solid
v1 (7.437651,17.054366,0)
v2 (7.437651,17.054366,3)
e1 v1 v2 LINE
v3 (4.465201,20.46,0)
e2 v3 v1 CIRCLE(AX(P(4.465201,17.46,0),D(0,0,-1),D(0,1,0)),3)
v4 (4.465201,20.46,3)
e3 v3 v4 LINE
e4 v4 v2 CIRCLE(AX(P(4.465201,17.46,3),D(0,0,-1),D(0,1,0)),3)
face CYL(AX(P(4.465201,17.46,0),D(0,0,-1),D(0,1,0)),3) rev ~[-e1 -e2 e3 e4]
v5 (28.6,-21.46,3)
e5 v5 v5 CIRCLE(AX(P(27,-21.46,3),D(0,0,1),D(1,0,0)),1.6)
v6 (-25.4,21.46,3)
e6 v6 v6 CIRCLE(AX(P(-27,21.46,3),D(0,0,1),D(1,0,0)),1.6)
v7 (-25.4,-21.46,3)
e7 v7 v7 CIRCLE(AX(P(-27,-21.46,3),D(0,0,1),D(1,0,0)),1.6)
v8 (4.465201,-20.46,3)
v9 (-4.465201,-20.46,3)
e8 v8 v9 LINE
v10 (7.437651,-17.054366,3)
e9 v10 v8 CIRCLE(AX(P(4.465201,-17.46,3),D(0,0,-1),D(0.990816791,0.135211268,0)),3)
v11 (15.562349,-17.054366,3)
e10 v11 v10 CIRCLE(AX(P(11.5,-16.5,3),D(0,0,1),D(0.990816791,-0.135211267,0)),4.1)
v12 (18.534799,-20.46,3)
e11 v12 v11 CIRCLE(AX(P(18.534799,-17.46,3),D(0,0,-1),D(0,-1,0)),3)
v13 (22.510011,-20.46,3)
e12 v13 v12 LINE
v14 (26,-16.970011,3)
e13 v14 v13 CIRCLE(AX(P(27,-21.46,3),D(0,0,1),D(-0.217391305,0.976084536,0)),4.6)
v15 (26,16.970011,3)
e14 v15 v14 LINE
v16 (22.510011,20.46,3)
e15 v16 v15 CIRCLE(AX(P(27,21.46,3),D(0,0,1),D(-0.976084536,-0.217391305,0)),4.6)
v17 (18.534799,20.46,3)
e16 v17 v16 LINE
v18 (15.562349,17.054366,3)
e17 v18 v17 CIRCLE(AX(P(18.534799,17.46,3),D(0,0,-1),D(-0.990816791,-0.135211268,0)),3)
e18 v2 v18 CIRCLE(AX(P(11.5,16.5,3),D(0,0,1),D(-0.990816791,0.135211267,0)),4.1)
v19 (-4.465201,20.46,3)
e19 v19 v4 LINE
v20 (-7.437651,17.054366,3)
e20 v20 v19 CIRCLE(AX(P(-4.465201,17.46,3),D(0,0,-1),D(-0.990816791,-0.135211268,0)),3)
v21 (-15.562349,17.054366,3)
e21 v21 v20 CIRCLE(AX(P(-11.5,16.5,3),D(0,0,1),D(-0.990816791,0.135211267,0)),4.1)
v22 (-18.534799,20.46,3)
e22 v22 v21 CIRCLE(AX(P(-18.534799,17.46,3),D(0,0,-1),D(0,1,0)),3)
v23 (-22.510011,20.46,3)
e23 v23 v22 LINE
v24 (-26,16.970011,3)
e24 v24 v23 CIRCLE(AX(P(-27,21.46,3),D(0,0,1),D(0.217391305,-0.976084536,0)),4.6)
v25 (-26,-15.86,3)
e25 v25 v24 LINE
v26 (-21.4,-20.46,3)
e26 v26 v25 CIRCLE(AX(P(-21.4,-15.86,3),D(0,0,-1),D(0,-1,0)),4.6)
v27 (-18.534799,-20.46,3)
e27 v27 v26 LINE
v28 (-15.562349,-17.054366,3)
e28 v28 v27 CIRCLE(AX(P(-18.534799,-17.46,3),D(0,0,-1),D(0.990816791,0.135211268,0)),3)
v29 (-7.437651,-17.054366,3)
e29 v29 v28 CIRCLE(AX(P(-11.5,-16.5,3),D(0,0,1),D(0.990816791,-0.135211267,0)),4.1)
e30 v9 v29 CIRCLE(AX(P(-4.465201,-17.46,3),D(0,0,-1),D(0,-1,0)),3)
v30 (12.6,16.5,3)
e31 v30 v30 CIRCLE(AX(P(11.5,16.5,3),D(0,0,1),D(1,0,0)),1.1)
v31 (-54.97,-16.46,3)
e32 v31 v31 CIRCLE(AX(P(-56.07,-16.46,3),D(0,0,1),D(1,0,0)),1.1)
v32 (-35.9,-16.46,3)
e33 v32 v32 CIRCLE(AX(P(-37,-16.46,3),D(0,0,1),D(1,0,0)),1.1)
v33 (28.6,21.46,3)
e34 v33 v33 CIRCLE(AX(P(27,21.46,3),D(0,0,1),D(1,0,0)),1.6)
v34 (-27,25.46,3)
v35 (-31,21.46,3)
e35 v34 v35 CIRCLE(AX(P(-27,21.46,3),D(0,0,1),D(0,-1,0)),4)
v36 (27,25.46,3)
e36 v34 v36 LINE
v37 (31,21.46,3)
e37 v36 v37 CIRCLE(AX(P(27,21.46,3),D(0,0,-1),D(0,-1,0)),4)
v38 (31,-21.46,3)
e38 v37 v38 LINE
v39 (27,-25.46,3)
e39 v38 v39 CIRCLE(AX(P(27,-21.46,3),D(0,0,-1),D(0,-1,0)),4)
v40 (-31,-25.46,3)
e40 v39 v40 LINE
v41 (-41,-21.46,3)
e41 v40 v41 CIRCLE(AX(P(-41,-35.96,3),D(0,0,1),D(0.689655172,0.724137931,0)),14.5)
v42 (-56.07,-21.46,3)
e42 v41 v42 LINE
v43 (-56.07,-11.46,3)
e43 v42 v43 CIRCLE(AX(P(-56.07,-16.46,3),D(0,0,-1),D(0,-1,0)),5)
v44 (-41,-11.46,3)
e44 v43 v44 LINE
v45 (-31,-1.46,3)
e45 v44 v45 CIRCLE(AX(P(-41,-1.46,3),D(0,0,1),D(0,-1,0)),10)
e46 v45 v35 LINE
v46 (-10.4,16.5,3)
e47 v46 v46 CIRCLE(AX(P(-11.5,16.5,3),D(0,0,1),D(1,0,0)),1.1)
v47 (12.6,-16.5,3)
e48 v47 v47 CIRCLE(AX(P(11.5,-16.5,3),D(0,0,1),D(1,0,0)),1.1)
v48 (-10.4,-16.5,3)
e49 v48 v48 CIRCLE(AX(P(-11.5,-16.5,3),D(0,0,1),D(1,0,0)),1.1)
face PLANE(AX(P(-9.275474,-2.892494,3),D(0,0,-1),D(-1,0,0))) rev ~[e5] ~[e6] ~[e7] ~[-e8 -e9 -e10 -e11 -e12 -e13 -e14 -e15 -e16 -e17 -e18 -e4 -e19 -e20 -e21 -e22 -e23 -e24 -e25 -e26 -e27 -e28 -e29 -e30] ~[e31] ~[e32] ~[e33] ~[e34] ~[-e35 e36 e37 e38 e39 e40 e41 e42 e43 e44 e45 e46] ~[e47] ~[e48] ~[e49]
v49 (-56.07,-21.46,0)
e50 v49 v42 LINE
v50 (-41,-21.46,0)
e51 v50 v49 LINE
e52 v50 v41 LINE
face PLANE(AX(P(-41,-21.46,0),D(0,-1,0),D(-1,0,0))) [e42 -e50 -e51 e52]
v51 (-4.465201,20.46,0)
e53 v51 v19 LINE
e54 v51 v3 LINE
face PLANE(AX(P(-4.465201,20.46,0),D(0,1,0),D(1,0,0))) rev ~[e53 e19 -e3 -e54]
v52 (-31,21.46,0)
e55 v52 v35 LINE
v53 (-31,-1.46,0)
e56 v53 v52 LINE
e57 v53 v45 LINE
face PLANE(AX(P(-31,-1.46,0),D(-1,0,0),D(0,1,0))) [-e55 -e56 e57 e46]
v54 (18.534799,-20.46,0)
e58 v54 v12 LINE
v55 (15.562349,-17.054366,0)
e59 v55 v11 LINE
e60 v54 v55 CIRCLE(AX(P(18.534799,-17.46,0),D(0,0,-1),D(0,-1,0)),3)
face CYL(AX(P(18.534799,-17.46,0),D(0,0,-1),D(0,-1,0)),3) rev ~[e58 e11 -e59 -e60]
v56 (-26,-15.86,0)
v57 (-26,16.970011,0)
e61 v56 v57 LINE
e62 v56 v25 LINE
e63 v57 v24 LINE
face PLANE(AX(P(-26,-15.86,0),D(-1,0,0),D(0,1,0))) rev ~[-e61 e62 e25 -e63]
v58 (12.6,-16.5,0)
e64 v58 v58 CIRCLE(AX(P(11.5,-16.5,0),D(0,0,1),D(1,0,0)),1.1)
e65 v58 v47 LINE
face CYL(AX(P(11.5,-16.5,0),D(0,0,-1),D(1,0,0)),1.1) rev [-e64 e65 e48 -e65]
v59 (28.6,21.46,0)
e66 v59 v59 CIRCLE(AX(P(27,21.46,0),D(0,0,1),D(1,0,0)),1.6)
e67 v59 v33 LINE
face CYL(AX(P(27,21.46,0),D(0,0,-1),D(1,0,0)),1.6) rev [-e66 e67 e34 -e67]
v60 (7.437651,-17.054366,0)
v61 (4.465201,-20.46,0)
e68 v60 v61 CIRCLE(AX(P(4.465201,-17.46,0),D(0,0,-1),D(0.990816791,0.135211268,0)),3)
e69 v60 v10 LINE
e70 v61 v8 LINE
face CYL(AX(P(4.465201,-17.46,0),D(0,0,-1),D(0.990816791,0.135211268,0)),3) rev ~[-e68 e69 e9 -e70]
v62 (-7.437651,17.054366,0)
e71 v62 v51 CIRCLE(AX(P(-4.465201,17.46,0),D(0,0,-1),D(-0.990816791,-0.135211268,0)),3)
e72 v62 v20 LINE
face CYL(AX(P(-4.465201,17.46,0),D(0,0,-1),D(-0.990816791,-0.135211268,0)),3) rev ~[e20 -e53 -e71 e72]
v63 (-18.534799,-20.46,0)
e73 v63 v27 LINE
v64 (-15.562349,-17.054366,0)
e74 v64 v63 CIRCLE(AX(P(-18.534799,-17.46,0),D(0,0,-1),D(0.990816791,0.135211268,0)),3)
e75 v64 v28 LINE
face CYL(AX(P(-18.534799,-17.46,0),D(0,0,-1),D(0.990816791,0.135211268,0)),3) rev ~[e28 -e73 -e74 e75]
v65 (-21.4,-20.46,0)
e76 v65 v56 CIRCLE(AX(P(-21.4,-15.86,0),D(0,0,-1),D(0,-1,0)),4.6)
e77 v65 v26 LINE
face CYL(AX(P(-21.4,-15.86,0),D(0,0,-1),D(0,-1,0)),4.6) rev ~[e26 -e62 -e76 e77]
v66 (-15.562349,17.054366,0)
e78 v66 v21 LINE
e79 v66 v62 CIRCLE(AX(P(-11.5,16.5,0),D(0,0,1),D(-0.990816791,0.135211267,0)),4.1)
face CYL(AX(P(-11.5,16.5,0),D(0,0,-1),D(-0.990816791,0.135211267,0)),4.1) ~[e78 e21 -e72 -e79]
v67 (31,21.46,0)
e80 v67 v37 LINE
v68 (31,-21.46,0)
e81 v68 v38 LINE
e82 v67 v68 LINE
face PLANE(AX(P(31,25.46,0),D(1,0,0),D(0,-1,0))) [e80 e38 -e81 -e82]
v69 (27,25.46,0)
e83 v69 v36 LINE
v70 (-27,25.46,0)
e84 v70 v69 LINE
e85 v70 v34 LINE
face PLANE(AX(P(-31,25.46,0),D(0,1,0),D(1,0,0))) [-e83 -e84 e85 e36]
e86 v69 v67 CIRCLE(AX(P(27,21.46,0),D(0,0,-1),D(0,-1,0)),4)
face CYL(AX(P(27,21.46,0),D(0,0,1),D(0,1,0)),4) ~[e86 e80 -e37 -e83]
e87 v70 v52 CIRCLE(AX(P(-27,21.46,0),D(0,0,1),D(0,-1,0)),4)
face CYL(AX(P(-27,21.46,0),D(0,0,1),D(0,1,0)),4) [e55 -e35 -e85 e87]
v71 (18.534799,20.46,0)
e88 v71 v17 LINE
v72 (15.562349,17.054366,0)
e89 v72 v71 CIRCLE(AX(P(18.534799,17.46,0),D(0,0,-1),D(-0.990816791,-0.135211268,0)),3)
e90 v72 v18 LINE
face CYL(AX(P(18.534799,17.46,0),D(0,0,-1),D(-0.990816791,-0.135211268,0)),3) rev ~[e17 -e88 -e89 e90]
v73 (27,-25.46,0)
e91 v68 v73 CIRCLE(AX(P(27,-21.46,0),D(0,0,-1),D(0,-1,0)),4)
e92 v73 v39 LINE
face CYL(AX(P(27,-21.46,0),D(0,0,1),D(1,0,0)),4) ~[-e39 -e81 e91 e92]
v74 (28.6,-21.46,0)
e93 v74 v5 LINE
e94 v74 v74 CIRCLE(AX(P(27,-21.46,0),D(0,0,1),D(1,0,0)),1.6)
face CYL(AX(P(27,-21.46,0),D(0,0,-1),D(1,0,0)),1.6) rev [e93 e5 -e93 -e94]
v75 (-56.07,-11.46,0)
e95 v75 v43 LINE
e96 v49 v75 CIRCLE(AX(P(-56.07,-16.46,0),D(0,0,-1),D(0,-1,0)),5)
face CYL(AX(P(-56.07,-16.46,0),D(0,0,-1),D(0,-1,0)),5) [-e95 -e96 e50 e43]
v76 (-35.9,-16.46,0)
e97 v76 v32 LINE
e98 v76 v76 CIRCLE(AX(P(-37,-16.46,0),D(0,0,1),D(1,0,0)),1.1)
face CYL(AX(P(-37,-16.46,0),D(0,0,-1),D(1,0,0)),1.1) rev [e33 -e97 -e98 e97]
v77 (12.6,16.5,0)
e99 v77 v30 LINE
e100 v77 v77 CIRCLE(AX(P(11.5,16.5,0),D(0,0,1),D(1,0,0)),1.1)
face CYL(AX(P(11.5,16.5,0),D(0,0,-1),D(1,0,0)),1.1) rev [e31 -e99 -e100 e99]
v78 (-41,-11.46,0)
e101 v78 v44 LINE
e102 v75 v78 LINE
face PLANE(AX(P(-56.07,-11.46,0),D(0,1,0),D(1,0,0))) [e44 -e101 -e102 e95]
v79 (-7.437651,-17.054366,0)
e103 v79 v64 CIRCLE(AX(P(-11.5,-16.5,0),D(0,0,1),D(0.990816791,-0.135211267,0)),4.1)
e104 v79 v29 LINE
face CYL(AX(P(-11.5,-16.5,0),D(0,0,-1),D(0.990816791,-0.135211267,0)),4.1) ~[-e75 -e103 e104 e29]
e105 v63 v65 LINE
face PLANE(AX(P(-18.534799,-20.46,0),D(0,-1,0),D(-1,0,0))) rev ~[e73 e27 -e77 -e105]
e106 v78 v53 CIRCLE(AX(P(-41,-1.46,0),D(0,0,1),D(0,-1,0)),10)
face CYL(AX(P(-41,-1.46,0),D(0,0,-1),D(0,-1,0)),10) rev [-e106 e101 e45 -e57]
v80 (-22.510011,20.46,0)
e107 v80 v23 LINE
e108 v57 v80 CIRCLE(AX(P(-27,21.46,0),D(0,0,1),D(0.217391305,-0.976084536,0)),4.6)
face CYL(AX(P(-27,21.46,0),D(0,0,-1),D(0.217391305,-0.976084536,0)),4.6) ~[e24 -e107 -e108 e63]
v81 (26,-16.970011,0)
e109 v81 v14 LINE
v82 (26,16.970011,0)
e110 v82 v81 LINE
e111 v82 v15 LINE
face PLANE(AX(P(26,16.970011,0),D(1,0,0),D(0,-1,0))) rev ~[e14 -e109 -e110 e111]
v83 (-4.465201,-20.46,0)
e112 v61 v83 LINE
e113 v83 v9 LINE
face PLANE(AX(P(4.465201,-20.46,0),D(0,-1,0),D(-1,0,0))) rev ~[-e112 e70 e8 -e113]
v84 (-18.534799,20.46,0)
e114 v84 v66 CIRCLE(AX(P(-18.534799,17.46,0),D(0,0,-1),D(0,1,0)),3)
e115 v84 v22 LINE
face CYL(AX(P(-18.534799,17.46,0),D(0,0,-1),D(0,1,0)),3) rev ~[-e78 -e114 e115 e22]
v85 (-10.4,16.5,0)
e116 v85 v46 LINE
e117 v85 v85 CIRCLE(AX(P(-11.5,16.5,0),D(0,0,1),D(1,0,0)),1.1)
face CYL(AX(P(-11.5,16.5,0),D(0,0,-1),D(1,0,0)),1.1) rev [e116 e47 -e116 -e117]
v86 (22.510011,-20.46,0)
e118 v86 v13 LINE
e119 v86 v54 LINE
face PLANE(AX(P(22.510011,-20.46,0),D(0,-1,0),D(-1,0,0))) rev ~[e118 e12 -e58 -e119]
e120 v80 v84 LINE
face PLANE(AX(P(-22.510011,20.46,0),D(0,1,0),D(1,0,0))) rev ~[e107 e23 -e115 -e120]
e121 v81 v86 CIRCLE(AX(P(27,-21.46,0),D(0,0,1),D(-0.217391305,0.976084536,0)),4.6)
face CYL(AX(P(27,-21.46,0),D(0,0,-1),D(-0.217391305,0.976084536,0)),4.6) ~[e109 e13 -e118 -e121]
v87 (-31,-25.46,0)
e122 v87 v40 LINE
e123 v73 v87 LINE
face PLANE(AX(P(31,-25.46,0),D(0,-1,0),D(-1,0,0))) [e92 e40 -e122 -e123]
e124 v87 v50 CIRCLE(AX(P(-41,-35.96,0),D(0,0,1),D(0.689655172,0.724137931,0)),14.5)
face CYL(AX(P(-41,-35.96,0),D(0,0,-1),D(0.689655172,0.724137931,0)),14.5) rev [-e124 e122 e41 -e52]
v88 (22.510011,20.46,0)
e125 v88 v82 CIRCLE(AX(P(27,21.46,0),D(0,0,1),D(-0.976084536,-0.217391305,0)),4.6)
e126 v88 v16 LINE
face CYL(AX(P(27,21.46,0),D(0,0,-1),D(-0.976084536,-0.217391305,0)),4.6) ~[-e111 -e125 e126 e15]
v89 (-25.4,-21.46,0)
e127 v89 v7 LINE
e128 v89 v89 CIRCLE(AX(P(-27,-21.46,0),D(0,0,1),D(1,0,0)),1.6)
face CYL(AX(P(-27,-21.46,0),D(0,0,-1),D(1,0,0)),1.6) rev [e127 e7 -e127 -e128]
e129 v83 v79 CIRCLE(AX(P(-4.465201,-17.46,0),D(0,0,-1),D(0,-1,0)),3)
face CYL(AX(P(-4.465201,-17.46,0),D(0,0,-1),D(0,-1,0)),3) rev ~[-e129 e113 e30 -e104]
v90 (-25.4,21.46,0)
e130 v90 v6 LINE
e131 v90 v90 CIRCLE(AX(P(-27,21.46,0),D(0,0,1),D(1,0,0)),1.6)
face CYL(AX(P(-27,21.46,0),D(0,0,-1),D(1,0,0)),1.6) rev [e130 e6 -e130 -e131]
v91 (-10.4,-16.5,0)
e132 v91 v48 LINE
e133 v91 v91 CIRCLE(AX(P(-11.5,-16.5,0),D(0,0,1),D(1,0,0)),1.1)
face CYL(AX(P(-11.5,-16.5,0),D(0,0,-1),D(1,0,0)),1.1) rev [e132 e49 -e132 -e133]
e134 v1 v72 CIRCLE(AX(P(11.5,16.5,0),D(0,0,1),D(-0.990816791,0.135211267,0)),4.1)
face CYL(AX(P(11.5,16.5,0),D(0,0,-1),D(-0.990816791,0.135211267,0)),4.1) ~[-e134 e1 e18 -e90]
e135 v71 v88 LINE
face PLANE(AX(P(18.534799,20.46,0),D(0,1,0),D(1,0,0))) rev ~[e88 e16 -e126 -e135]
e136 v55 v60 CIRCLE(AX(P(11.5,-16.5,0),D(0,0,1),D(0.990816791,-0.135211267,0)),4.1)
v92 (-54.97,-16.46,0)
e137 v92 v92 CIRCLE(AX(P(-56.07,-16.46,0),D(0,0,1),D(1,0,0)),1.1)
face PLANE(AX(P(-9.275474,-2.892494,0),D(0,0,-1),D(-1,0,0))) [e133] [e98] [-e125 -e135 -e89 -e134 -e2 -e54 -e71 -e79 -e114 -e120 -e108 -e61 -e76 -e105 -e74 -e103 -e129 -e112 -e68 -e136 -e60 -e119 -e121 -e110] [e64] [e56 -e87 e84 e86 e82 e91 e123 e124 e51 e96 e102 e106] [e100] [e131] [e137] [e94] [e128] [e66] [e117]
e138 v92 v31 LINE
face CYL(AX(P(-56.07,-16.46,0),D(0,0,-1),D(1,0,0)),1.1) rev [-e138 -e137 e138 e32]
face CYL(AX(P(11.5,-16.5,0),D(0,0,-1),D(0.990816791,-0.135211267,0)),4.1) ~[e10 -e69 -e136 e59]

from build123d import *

# Parameters (mm, degrees)
SKETCH_1_R      = 1.6
SKETCH_1_R_2    = 1.1
EXTRUDE_1_DEPTH = 3
FILLET_2_R      = 4


with BuildPart() as part:
    # 草图1 → 凸台-拉伸1 (new body)
    with BuildSketch(Plane.XY):
        with BuildLine():
            Line((-31, 25.46), (31, 25.46))
            Line((31, 25.46), (31, -25.46))
            Line((31, -25.46), (-31, -25.46))
            ThreePointArc((-31, -25.46), (-35.614835193, -22.497087982), (-41, -21.46))
            Line((-41, -21.46), (-56.07, -21.46))
            ThreePointArc((-56.07, -21.46), (-61.07, -16.46), (-56.07, -11.46))
            Line((-56.07, -11.46), (-41, -11.46))
            ThreePointArc((-41, -11.46), (-33.928932188, -8.531067812), (-31, -1.46))
            Line((-31, -1.46), (-31, 25.46))
        make_face()
        with Locations((-27, 21.46)):
            Circle(SKETCH_1_R, mode=Mode.SUBTRACT)
        with Locations((27, 21.46)):
            Circle(SKETCH_1_R, mode=Mode.SUBTRACT)
        with Locations((-27, -21.46)):
            Circle(SKETCH_1_R, mode=Mode.SUBTRACT)
        with Locations((27, -21.46)):
            Circle(SKETCH_1_R, mode=Mode.SUBTRACT)
        with Locations((-11.5, 16.5)):
            Circle(SKETCH_1_R_2, mode=Mode.SUBTRACT)
        with Locations((11.5, 16.5)):
            Circle(SKETCH_1_R_2, mode=Mode.SUBTRACT)
        with Locations((11.5, -16.5)):
            Circle(SKETCH_1_R_2, mode=Mode.SUBTRACT)
        with Locations((-11.5, -16.5)):
            Circle(SKETCH_1_R_2, mode=Mode.SUBTRACT)
        with Locations((-56.07, -16.46)):
            Circle(SKETCH_1_R_2, mode=Mode.SUBTRACT)
        with Locations((-37, -16.46)):
            Circle(SKETCH_1_R_2, mode=Mode.SUBTRACT)
        with BuildLine():
            Line((-22.510011136, 20.46), (-18.534799215, 20.46))
            ThreePointArc((-18.534799215, 20.46), (-16.274611014, 19.432701015), (-15.562348843, 17.054366197))
            ThreePointArc((-15.562348843, 17.054366197), (-11.5, 12.4), (-7.437651157, 17.054366197))
            ThreePointArc((-7.437651157, 17.054366197), (-6.725388986, 19.432701015), (-4.465200785, 20.46))
            Line((-4.465200785, 20.46), (4.465200785, 20.46))
            ThreePointArc((4.465200785, 20.46), (6.725388986, 19.432701015), (7.437651157, 17.054366197))
            ThreePointArc((7.437651157, 17.054366197), (11.5, 12.4), (15.562348843, 17.054366197))
            ThreePointArc((15.562348843, 17.054366197), (16.274611014, 19.432701015), (18.534799215, 20.46))
            Line((18.534799215, 20.46), (22.510011136, 20.46))
            ThreePointArc((22.510011136, 20.46), (23.747308807, 18.207308807), (26, 16.970011136))
            Line((26, 16.970011136), (26, -16.970011136))
            ThreePointArc((26, -16.970011136), (23.747308807, -18.207308807), (22.510011136, -20.46))
            Line((22.510011136, -20.46), (18.534799215, -20.46))
            ThreePointArc((18.534799215, -20.46), (16.274611014, -19.432701015), (15.562348843, -17.054366197))
            ThreePointArc((15.562348843, -17.054366197), (11.5, -12.4), (7.437651157, -17.054366197))
            ThreePointArc((7.437651157, -17.054366197), (6.725388986, -19.432701015), (4.465200785, -20.46))
            Line((4.465200785, -20.46), (-4.465200785, -20.46))
            ThreePointArc((-4.465200785, -20.46), (-6.725388986, -19.432701015), (-7.437651157, -17.054366197))
            ThreePointArc((-7.437651157, -17.054366197), (-11.5, -12.4), (-15.562348843, -17.054366197))
            ThreePointArc((-15.562348843, -17.054366197), (-16.274611014, -19.432701015), (-18.534799215, -20.46))
            Line((-18.534799215, -20.46), (-21.4, -20.46))
            ThreePointArc((-21.4, -20.46), (-24.652691193, -19.112691193), (-26, -15.86))
            Line((-26, -15.86), (-26, 16.970011136))
            ThreePointArc((-26, 16.970011136), (-23.747308807, 18.207308807), (-22.510011136, 20.46))
        make_face(mode=Mode.SUBTRACT)
    extrude(amount=EXTRUDE_1_DEPTH)

    # 圆角2
    fillet_2_edges = [part.edges().sort_by_distance(p)[0] for p in [
        (-31, 25.46, 1.5),
        (31, 25.46, 1.5),
        (31, -25.46, 1.5),
    ]]
    fillet(fillet_2_edges, radius=FILLET_2_R)


solid = part.part
